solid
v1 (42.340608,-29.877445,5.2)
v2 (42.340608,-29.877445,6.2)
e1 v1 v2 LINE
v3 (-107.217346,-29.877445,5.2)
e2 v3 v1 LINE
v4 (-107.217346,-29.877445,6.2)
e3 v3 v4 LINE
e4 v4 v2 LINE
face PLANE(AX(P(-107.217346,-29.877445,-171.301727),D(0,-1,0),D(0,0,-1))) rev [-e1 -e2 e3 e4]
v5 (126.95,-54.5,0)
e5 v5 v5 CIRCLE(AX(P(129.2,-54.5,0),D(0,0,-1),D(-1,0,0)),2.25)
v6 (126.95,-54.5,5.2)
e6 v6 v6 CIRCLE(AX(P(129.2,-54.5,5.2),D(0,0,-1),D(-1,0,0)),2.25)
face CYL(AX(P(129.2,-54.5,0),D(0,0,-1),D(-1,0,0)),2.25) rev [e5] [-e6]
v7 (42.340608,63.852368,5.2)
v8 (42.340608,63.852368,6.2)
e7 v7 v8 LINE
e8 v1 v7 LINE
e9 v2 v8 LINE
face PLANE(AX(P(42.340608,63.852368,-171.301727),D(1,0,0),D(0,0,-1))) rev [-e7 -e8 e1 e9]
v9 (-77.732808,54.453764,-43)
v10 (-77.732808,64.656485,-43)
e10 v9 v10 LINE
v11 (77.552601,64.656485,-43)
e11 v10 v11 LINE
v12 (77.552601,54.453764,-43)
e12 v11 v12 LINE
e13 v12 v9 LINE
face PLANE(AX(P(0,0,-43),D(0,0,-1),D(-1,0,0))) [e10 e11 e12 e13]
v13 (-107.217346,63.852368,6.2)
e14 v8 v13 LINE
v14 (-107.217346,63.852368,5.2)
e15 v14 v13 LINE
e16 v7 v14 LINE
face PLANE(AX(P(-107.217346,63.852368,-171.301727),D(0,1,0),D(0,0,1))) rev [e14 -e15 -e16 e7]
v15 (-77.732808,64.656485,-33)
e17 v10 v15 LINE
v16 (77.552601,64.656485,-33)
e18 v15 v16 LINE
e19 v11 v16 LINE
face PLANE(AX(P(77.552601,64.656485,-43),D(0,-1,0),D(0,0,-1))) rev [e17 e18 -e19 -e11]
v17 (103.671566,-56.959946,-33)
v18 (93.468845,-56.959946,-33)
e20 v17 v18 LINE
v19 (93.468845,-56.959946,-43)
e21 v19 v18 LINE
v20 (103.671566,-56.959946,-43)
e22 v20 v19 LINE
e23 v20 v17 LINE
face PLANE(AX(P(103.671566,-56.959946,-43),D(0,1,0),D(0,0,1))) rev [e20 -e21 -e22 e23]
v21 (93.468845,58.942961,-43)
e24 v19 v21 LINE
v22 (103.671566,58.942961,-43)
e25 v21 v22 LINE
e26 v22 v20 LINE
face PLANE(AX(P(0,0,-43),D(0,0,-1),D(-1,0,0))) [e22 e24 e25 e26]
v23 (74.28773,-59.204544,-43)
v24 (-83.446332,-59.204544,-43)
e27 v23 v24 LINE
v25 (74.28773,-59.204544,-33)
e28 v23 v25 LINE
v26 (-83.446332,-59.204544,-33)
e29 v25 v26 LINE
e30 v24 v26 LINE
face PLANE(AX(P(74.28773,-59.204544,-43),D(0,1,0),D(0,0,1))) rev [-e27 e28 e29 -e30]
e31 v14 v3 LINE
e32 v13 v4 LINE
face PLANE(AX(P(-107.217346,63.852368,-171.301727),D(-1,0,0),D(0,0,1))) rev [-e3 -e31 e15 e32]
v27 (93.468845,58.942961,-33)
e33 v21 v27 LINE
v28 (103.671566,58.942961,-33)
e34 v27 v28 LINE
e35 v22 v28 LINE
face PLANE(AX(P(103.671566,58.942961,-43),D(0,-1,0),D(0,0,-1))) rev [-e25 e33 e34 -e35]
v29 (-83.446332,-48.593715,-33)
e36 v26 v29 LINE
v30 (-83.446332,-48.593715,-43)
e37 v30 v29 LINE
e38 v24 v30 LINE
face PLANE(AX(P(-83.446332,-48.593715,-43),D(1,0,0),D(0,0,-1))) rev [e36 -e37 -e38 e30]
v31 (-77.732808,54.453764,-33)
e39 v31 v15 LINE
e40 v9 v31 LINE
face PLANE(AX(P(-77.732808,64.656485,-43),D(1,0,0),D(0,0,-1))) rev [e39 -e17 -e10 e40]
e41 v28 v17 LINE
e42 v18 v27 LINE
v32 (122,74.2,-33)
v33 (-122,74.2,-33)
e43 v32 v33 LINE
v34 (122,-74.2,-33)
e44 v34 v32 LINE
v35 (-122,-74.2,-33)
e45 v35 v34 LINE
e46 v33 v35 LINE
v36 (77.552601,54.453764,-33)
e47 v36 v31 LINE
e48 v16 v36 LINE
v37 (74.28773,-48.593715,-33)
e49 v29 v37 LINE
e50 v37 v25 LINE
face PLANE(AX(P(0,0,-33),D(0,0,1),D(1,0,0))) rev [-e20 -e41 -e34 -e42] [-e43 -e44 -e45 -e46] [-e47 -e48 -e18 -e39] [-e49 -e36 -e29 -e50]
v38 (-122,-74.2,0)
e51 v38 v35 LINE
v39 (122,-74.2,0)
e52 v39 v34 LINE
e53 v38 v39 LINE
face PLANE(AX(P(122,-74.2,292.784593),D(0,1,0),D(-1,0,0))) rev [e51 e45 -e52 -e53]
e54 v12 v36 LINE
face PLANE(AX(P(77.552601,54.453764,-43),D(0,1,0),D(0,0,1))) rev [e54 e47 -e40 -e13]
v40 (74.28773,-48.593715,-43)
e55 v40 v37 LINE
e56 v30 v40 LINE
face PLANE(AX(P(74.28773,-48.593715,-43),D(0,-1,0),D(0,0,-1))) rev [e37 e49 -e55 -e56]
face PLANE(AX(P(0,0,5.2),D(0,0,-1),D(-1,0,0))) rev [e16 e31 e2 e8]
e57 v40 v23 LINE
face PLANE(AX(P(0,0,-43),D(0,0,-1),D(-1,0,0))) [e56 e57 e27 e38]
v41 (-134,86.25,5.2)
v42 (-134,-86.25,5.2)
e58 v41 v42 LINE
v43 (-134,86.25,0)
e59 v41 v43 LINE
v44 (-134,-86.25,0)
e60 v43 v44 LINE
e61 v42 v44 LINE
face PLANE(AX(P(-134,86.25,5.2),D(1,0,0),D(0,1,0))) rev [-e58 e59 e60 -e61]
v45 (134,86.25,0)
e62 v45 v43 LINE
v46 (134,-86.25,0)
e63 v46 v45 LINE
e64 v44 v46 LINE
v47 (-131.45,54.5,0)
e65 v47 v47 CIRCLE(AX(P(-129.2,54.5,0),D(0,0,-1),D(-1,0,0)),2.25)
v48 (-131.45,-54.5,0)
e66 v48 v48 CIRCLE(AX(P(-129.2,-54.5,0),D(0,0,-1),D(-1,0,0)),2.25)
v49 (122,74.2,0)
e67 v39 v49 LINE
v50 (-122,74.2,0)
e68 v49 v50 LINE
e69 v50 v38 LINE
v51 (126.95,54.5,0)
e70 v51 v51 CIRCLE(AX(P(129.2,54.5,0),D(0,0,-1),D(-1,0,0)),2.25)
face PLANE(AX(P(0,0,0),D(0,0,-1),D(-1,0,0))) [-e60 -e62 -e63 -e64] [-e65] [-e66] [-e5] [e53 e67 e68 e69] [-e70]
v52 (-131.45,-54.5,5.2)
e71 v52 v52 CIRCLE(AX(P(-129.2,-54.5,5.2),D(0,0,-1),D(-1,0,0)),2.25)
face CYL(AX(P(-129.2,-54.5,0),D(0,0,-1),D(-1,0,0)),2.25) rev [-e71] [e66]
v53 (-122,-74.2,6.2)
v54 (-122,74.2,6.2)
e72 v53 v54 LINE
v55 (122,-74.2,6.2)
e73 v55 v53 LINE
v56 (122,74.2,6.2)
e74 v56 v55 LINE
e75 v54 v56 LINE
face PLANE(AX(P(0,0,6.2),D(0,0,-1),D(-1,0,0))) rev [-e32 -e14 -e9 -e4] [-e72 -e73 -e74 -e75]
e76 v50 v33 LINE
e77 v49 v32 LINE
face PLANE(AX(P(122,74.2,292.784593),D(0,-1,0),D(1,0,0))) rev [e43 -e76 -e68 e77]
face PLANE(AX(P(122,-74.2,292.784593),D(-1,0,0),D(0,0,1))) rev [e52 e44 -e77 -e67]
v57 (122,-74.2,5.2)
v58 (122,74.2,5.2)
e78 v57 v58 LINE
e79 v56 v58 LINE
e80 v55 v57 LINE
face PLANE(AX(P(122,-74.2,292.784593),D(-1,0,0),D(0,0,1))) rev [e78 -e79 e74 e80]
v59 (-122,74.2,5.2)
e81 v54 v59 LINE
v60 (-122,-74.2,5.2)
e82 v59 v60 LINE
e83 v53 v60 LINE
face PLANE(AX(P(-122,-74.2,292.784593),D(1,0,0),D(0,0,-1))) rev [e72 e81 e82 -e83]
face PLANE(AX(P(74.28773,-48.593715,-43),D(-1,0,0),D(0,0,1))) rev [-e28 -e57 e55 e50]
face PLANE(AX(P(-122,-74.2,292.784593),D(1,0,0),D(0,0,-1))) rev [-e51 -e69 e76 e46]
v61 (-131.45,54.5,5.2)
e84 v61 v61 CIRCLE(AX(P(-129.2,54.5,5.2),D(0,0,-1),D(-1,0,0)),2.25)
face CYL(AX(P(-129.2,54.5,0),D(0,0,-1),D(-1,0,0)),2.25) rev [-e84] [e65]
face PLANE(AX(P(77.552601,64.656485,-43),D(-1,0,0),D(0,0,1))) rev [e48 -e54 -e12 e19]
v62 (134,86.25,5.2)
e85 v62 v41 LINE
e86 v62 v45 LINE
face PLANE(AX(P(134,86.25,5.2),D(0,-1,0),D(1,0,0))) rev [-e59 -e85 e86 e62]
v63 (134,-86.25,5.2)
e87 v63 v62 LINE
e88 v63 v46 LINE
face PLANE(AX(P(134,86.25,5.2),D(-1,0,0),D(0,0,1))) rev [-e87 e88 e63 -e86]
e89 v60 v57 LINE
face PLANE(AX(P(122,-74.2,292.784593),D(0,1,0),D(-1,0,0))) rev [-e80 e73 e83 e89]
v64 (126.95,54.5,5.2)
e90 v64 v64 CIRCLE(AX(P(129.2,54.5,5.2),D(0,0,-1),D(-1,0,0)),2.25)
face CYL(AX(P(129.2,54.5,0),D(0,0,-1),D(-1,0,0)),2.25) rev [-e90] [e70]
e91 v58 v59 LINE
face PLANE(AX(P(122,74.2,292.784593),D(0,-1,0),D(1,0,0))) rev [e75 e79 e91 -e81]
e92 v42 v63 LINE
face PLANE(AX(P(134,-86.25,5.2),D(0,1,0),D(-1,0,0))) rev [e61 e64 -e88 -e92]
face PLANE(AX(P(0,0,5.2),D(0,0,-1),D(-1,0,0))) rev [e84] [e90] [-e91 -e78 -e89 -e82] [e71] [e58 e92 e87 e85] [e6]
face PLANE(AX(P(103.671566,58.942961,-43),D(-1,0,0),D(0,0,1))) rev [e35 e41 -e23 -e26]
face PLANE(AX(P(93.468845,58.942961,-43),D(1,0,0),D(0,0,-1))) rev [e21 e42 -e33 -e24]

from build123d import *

# Parameters (mm, degrees)
SKETCH2_W                = 268
SKETCH2_H                = 172.5
BOSS_EXTRUDE2_DEPTH      = 5.2
BOSS_EXTRUDE1_DEPTH      = 6.2
BOSS_EXTRUDE1_DEPTH_BACK = 33
SKETCH1_W                = 244
SKETCH1_H                = 148.4
M4_CLEARANCE_HOLE1_D     = 4.5
SKETCH6_W                = 149.557953786
SKETCH6_H                = 93.729813504
CUT_EXTRUDE1_DEPTH       = 1
SKETCH7_W                = 10.202720683
SKETCH7_H                = 115.902906959
SKETCH7_W_2              = 155.285408795
SKETCH7_H_2              = 10.202720683
SKETCH7_W_3              = 157.734061759
SKETCH7_H_3              = 10.61082951
BOSS_EXTRUDE3_DEPTH      = 10


with BuildPart() as part:
    # Sketch2 → Boss-Extrude2 (new body)
    with BuildSketch(Plane.XY):
        Rectangle(SKETCH2_W, SKETCH2_H)
    extrude(amount=BOSS_EXTRUDE2_DEPTH)

    # Sketch1 → Boss-Extrude1 (add, two sides: drawn at the far end of the back side and taken through both)
    with BuildSketch(Plane.XY.offset(-BOSS_EXTRUDE1_DEPTH_BACK)):
        Rectangle(SKETCH1_W, SKETCH1_H)
    extrude(amount=BOSS_EXTRUDE1_DEPTH + BOSS_EXTRUDE1_DEPTH_BACK)

    # M4 Clearance Hole1 (through all)
    with Locations(Plane(origin=(0, 0, 0), x_dir=(-1, 0, 0), z_dir=(0, 0, -1))):
        with Locations((-129.2, 54.5), (129.2, -54.5), (129.2, 54.5), (-129.2, -54.5)):
            Hole(M4_CLEARANCE_HOLE1_D / 2)

    # Sketch6 → Cut-Extrude1 (cut)
    with BuildSketch(Plane.XY.offset(6.2)):
        with Locations((-32.438368972, 16.987461646)):
            Rectangle(SKETCH6_W, SKETCH6_H)
    extrude(amount=-CUT_EXTRUDE1_DEPTH, mode=Mode.SUBTRACT)

    # Sketch7 → Boss-Extrude3 (add)
    with BuildSketch(Plane(origin=(0, 0, -33), x_dir=(-1, 0, 0), z_dir=(0, 0, -1))):
        with Locations((-98.57020546, 0.991507772)):
            Rectangle(SKETCH7_W, SKETCH7_H)
        with Locations((0.090103545, 59.555124492)):
            Rectangle(SKETCH7_W_2, SKETCH7_H_2)
        with Locations((4.579300645, -53.899129503)):
            Rectangle(SKETCH7_W_3, SKETCH7_H_3)
    extrude(amount=BOSS_EXTRUDE3_DEPTH)


solid = part.part
